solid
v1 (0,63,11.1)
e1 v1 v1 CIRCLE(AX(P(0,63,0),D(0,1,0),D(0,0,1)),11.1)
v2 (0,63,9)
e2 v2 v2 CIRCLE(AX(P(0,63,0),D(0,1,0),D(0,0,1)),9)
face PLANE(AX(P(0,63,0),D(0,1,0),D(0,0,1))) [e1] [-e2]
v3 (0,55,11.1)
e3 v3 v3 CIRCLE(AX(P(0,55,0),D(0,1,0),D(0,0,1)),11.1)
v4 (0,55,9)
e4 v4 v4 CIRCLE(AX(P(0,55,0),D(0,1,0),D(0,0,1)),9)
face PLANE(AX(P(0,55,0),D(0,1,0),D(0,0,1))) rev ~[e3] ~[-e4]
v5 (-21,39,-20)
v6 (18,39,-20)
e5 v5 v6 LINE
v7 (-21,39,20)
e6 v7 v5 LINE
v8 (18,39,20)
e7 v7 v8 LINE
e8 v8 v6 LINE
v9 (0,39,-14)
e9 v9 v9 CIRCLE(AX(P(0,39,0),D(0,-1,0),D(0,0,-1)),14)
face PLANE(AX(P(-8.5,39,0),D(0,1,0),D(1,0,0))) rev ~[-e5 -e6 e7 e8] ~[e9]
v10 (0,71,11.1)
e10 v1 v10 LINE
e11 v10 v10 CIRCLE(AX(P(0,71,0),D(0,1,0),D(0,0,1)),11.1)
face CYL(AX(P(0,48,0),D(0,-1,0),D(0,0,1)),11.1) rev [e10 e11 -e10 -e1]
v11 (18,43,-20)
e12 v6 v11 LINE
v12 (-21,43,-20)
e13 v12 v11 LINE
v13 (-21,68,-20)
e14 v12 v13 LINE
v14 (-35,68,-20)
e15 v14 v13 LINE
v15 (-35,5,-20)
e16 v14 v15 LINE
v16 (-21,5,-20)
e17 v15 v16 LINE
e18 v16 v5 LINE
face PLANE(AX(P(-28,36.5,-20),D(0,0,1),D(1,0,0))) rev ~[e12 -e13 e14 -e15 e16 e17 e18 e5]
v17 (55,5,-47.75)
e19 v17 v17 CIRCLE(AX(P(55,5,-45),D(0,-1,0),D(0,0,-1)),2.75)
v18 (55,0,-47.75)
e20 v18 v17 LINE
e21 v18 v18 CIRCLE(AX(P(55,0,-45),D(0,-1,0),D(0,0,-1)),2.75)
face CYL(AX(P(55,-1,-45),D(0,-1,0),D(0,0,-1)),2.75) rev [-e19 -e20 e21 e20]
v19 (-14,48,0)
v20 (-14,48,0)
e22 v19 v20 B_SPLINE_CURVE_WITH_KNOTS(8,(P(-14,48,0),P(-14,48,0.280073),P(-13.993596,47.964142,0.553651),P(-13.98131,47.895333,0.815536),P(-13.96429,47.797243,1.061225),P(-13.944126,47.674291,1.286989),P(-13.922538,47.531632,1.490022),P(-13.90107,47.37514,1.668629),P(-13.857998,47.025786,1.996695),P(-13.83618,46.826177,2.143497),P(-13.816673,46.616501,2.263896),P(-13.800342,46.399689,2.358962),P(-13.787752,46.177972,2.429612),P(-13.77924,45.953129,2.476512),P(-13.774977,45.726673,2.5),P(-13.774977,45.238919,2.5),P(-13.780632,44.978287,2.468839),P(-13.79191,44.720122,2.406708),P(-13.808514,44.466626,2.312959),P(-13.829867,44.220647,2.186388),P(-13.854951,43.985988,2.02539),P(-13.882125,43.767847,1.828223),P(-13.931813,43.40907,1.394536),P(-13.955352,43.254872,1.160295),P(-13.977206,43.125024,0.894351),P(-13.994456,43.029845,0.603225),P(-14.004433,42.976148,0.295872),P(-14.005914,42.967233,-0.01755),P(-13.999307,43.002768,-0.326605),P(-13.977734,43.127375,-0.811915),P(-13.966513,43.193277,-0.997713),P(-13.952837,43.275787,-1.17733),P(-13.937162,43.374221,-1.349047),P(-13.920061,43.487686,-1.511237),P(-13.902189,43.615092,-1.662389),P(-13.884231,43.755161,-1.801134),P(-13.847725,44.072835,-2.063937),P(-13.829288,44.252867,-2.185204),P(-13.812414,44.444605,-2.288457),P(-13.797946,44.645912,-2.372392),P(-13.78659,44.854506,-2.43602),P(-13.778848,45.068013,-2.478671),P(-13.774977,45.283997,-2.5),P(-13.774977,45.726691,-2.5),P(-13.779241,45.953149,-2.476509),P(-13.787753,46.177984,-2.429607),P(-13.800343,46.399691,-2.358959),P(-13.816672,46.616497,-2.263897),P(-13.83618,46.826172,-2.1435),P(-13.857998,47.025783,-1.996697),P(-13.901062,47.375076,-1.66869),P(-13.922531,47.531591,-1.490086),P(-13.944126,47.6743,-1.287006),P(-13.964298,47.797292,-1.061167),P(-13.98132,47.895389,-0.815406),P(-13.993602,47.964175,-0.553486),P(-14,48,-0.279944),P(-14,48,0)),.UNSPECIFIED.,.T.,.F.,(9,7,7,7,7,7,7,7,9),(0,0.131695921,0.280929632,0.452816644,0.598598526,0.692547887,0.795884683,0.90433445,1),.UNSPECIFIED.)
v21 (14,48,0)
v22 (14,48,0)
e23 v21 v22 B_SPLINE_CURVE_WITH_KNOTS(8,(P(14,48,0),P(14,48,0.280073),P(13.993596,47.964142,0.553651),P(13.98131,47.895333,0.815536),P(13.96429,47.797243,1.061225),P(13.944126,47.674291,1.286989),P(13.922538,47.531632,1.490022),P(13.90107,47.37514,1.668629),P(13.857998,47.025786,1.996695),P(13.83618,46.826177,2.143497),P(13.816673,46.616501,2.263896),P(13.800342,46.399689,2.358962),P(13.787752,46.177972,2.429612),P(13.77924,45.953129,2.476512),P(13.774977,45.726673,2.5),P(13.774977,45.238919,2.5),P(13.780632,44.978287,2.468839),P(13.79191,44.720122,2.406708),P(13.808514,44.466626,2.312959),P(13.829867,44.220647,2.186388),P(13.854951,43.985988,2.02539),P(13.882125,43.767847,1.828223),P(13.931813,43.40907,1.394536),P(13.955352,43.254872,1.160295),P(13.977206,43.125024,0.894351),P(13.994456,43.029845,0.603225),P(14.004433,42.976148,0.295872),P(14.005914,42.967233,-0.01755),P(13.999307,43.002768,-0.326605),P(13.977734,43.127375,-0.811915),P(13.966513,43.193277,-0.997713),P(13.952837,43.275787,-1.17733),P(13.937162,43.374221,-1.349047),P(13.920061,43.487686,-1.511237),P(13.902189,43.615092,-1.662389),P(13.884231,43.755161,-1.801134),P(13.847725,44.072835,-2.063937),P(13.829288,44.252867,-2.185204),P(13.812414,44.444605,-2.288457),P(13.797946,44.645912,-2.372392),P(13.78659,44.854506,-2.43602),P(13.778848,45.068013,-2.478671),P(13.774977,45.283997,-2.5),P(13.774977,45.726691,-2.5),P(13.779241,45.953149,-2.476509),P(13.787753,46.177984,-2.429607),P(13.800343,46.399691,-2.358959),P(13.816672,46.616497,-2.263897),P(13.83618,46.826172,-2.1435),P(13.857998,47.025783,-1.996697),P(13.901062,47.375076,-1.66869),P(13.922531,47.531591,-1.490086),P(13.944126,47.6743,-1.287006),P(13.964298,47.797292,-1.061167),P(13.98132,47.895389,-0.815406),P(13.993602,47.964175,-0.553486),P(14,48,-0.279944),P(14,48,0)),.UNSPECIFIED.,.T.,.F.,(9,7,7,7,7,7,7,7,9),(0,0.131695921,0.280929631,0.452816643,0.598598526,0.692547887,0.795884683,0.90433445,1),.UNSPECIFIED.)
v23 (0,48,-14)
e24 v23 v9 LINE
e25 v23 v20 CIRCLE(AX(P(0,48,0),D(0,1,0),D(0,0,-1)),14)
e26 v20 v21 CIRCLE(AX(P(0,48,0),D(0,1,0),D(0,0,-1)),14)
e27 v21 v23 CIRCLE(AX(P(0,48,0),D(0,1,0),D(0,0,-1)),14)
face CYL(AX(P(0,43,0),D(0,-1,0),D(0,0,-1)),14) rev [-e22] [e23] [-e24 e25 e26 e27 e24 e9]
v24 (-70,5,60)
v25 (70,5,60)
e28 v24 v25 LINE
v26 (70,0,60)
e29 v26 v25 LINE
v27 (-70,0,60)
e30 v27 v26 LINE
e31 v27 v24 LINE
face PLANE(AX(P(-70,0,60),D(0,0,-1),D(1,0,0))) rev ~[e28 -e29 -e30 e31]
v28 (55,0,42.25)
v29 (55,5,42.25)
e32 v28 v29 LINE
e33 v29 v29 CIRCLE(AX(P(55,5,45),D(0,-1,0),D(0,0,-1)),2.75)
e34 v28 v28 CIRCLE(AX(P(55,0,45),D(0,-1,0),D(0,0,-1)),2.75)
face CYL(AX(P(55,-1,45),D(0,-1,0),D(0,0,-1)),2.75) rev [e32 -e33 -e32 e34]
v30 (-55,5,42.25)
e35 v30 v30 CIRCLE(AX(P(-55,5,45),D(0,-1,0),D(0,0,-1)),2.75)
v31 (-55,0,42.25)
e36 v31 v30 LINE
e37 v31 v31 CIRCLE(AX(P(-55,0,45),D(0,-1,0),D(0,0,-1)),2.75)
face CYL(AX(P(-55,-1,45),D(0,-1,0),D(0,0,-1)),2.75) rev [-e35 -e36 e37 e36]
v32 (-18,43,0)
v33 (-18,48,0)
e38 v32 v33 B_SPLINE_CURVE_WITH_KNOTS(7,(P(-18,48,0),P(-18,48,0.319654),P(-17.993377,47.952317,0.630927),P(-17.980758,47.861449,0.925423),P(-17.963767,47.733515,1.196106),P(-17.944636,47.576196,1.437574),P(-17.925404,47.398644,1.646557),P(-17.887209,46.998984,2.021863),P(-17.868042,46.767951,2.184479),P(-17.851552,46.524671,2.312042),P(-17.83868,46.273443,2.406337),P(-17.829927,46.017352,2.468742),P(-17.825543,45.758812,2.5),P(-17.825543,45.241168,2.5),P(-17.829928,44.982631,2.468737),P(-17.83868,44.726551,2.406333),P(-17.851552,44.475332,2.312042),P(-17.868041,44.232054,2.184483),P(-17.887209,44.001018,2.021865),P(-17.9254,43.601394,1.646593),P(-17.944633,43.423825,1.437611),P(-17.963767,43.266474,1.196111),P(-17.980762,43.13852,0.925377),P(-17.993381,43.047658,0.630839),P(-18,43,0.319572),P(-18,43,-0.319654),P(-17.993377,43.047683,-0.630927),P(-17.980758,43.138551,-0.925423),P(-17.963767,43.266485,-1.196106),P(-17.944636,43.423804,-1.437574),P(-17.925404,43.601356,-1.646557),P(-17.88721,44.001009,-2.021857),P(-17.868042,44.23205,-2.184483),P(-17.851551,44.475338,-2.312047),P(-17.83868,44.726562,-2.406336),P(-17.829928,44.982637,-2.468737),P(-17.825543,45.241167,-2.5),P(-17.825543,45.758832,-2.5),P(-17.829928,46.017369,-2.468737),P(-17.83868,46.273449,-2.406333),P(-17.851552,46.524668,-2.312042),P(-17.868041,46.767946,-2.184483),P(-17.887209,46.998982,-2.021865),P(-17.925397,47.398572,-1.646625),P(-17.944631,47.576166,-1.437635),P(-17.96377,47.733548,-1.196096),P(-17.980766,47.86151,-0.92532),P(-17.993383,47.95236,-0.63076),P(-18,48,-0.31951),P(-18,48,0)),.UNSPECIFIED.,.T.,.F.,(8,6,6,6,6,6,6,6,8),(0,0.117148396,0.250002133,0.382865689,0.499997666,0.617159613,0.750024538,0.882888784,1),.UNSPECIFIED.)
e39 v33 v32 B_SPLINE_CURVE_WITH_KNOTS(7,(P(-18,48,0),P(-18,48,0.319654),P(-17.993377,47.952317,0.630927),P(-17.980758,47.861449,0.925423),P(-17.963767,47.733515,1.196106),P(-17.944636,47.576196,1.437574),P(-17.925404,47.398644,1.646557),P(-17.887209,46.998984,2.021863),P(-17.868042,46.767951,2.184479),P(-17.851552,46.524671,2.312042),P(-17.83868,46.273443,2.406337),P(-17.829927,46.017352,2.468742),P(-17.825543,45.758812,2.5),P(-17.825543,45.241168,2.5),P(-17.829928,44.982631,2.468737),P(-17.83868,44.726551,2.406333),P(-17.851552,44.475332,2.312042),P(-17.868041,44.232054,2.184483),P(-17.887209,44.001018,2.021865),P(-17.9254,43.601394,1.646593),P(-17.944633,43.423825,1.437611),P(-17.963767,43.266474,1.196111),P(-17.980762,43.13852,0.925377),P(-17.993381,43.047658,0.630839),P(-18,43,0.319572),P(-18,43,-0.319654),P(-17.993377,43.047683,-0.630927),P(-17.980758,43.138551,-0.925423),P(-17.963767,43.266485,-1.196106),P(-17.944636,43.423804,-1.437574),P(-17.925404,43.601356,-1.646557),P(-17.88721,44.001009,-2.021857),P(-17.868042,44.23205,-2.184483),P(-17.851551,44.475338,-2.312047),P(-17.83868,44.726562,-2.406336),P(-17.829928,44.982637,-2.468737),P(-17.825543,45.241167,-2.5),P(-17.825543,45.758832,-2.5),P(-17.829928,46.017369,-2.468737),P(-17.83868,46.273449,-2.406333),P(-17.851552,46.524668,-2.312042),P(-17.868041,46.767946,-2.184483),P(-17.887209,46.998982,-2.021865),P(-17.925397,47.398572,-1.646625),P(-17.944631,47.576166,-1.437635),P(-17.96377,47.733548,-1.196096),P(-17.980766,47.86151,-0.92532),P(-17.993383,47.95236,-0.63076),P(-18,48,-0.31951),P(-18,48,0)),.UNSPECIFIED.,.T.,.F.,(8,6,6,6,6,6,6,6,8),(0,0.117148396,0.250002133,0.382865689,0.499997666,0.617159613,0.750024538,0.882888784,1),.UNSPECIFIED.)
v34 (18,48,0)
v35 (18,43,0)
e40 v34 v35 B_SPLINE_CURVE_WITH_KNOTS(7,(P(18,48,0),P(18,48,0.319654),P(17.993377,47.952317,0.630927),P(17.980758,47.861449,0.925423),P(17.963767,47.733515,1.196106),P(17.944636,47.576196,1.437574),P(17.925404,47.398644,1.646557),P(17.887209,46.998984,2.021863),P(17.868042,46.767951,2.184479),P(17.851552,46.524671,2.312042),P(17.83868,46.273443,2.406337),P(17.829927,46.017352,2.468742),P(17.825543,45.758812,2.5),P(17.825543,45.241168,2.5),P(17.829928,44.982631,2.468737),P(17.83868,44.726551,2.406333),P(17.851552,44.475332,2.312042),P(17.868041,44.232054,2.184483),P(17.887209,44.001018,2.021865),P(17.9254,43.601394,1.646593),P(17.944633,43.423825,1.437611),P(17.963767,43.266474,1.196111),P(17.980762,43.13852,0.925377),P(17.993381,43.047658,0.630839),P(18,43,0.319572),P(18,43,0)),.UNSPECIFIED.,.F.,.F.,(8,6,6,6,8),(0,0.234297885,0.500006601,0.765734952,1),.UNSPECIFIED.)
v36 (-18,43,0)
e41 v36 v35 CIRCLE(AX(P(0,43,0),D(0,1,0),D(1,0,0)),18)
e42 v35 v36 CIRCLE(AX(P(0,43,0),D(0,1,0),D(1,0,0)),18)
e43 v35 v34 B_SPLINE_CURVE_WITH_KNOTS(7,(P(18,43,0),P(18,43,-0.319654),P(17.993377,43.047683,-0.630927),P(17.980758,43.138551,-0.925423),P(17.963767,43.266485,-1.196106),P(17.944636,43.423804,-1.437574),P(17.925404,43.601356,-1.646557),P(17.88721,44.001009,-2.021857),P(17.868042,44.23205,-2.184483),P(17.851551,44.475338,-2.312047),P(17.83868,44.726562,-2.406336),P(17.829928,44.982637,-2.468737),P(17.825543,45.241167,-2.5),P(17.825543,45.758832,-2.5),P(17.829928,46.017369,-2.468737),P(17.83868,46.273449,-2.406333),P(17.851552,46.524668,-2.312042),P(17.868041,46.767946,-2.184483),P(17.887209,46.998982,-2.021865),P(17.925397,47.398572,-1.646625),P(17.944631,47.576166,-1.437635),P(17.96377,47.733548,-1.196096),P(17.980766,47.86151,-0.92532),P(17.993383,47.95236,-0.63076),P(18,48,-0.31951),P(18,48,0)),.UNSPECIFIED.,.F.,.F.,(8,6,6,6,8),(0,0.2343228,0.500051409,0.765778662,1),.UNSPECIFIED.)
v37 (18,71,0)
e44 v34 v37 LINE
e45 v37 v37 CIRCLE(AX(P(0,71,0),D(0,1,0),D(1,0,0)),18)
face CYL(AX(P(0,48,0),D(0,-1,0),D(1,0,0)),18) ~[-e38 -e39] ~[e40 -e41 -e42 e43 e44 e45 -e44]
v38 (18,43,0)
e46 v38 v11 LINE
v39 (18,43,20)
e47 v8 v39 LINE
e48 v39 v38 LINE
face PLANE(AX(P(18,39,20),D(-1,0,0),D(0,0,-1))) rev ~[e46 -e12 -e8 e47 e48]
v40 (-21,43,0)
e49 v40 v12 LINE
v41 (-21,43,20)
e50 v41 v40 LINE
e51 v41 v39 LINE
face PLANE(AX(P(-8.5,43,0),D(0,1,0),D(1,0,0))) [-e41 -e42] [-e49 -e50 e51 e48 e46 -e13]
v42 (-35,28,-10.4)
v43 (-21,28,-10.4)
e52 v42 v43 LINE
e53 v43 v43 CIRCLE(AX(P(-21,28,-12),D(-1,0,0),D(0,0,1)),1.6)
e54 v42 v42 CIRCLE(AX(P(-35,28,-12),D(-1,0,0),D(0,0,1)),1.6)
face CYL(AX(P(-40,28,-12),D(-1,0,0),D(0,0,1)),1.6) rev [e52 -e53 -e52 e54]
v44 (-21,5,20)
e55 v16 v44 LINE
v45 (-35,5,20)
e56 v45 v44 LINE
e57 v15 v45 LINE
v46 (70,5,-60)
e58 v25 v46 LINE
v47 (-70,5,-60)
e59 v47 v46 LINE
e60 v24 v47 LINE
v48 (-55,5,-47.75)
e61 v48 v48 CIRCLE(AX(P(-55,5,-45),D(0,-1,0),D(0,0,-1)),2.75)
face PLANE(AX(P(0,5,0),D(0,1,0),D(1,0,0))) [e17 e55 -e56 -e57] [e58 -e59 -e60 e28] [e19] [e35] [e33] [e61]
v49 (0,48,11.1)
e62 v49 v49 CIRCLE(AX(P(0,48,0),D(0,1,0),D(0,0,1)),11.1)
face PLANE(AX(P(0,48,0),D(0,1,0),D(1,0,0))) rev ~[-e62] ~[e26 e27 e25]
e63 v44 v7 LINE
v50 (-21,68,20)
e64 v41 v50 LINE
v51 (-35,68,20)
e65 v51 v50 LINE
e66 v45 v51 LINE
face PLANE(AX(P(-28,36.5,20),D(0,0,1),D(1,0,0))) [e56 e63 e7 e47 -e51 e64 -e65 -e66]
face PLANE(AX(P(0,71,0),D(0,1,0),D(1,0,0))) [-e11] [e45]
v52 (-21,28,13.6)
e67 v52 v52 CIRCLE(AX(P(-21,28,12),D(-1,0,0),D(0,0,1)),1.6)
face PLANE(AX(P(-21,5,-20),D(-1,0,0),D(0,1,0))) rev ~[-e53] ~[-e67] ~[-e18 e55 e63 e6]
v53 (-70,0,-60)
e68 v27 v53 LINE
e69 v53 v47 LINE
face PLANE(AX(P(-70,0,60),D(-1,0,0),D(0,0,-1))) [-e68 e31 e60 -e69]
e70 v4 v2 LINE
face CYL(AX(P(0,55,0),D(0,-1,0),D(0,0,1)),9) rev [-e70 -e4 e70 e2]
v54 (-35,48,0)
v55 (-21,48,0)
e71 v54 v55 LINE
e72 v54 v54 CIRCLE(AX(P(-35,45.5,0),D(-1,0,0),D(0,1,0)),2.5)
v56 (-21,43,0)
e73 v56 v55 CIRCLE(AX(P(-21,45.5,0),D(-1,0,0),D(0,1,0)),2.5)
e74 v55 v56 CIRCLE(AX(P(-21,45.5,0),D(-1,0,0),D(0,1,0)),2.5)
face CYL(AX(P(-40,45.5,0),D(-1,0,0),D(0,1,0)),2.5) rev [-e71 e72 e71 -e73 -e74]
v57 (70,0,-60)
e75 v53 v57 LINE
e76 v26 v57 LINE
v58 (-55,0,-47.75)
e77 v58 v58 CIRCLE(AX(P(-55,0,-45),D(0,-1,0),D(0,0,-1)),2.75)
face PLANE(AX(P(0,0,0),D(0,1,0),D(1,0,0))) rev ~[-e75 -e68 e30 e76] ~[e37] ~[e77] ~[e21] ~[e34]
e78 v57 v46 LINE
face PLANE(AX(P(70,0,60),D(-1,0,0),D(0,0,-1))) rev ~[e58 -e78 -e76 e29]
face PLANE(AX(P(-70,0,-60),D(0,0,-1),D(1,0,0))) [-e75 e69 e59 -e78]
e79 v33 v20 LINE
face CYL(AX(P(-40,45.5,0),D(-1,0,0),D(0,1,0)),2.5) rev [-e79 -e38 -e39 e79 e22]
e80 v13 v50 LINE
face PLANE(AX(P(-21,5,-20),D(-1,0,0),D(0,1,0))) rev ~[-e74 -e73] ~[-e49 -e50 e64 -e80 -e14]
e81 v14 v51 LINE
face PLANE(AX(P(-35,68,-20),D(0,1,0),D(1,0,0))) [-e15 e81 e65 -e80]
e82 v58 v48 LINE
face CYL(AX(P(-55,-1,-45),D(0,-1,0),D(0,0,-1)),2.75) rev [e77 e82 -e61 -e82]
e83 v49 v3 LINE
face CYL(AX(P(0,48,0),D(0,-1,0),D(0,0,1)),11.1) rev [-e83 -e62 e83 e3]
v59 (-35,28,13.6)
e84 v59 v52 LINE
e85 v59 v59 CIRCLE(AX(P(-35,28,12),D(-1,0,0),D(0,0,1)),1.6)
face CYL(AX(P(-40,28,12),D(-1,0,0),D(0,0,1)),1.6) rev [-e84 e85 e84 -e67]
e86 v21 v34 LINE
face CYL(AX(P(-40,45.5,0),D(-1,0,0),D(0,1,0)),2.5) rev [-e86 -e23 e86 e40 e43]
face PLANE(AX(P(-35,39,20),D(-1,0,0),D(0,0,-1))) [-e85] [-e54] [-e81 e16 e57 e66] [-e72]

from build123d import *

# Parameters (mm, degrees)
BENCH_FOOTPRINT_140X120_PROFILE_W       = 140
BENCH_FOOTPRINT_140X120_PROFILE_H       = 120
BENCH_FOOTPRINT_140X120_DEPTH           = 5
BACKBONE_START                          = -20
BACKBONE_PROFILE_W                      = 14
BACKBONE_PROFILE_H                      = 63
BACKBONE_DEPTH                          = 40
REMOVABLE_SERVO_MOUNT_M3_START          = -40
REMOVABLE_SERVO_MOUNT_M3_PROFILE_R      = 1.6
REMOVABLE_SERVO_MOUNT_M3_DEPTH          = 155.560027933
BEARING_BRIDGE_START                    = 39
BEARING_BRIDGE_PROFILE_W                = 53
BEARING_BRIDGE_PROFILE_H                = 40
BEARING_BRIDGE_DEPTH                    = 4
BRIDGE_HORN_CLEARANCE_START             = 38
BRIDGE_HORN_CLEARANCE_PROFILE_R         = 14
BRIDGE_HORN_CLEARANCE_DEPTH             = 77.560027933
DRIVE_COLLAR_CHAMBER_START              = 43
DRIVE_COLLAR_CHAMBER_PROFILE_R          = 18
DRIVE_COLLAR_CHAMBER_PROFILE_R_2        = 14
DRIVE_COLLAR_CHAMBER_DEPTH              = 5
BEARING_TOWER_START                     = 48
BEARING_TOWER_PROFILE_R                 = 18
BEARING_TOWER_PROFILE_R_2               = 11.1
BEARING_TOWER_DEPTH                     = 23
BEARING_SEPARATION_SHOULDER_START       = 55
BEARING_SEPARATION_SHOULDER_PROFILE_R   = 11.1
BEARING_SEPARATION_SHOULDER_PROFILE_R_2 = 9
BEARING_SEPARATION_SHOULDER_DEPTH       = 8
BENCH_CLAMP_HOLES_START                 = -1
BENCH_CLAMP_HOLES_PROFILE_R             = 2.75
BENCH_CLAMP_HOLES_DEPTH                 = 118.365802537
YAW_CROSSBOLT_ACCESS_START              = -40
YAW_CROSSBOLT_ACCESS_PROFILE_R          = 2.5
YAW_CROSSBOLT_ACCESS_DEPTH              = 157.365802537


with BuildPart() as part:
    # Bench_footprint_140x120_profile → Bench_footprint_140x120 (new body)
    with BuildSketch(Plane(origin=(0, 0, 0), x_dir=(1, 0, 0), z_dir=(0, 1, 0))):
        Rectangle(BENCH_FOOTPRINT_140X120_PROFILE_W, BENCH_FOOTPRINT_140X120_PROFILE_H)
    extrude(amount=BENCH_FOOTPRINT_140X120_DEPTH)

    # Backbone_profile → Backbone (add)
    with BuildSketch(Plane.XY.offset(BACKBONE_START)):
        with Locations((-28, 36.5)):
            Rectangle(BACKBONE_PROFILE_W, BACKBONE_PROFILE_H)
    extrude(amount=BACKBONE_DEPTH)

    # Removable_servo_mount_M3_profile → Removable_servo_mount_M3 (cut, through all)
    with BuildSketch(Plane(origin=(0, 0, 0), x_dir=(0, 0, -1), z_dir=(1, 0, 0)).offset(REMOVABLE_SERVO_MOUNT_M3_START)):
        with Locations(Location((12, 28, 0), (0, 0, 180))):
            Circle(REMOVABLE_SERVO_MOUNT_M3_PROFILE_R)
        with Locations(Location((-12, 28, 0), (0, 0, 180))):
            Circle(REMOVABLE_SERVO_MOUNT_M3_PROFILE_R)
    extrude(amount=REMOVABLE_SERVO_MOUNT_M3_DEPTH, mode=Mode.SUBTRACT)

    # Bearing_bridge_profile → Bearing_bridge (add)
    with BuildSketch(Plane(origin=(0, 0, 0), x_dir=(1, 0, 0), z_dir=(0, 1, 0)).offset(BEARING_BRIDGE_START)):
        with Locations((-8.5, 0)):
            Rectangle(BEARING_BRIDGE_PROFILE_W, BEARING_BRIDGE_PROFILE_H)
    extrude(amount=BEARING_BRIDGE_DEPTH)

    # Bridge_horn_clearance_profile → Bridge_horn_clearance (cut, through all)
    with BuildSketch(Plane(origin=(0, 0, 0), x_dir=(1, 0, 0), z_dir=(0, 1, 0)).offset(BRIDGE_HORN_CLEARANCE_START)):
        with Locations(Location((0, 0, 0), (0, 0, 90))):
            Circle(BRIDGE_HORN_CLEARANCE_PROFILE_R)
    extrude(amount=BRIDGE_HORN_CLEARANCE_DEPTH, mode=Mode.SUBTRACT)

    # Drive_collar_chamber_profile → Drive_collar_chamber (add)
    with BuildSketch(Plane(origin=(0, 0, 0), x_dir=(1, 0, 0), z_dir=(0, 1, 0)).offset(DRIVE_COLLAR_CHAMBER_START)):
        Circle(DRIVE_COLLAR_CHAMBER_PROFILE_R)
        with Locations(Location((0, 0, 0), (0, 0, 90))):
            Circle(DRIVE_COLLAR_CHAMBER_PROFILE_R_2, mode=Mode.SUBTRACT)
    extrude(amount=DRIVE_COLLAR_CHAMBER_DEPTH)

    # Bearing_tower_profile → Bearing_tower (add)
    with BuildSketch(Plane(origin=(0, 0, 0), x_dir=(1, 0, 0), z_dir=(0, 1, 0)).offset(BEARING_TOWER_START)):
        Circle(BEARING_TOWER_PROFILE_R)
        with Locations(Location((0, 0, 0), (0, 0, 270))):
            Circle(BEARING_TOWER_PROFILE_R_2, mode=Mode.SUBTRACT)
    extrude(amount=BEARING_TOWER_DEPTH)

    # Bearing_separation_shoulder_profile → Bearing_separation_shoulder (add)
    with BuildSketch(Plane(origin=(0, 0, 0), x_dir=(1, 0, 0), z_dir=(0, 1, 0)).offset(BEARING_SEPARATION_SHOULDER_START)):
        with Locations(Location((0, 0, 0), (0, 0, 270))):
            Circle(BEARING_SEPARATION_SHOULDER_PROFILE_R)
        with Locations(Location((0, 0, 0), (0, 0, 270))):
            Circle(BEARING_SEPARATION_SHOULDER_PROFILE_R_2, mode=Mode.SUBTRACT)
    extrude(amount=BEARING_SEPARATION_SHOULDER_DEPTH)

    # Bench_clamp_holes_profile → Bench_clamp_holes (cut, through all)
    with BuildSketch(Plane(origin=(0, 0, 0), x_dir=(1, 0, 0), z_dir=(0, 1, 0)).offset(BENCH_CLAMP_HOLES_START)):
        with Locations(Location((-55, -45, 0), (0, 0, 90))):
            Circle(BENCH_CLAMP_HOLES_PROFILE_R)
        with Locations(Location((55, -45, 0), (0, 0, 90))):
            Circle(BENCH_CLAMP_HOLES_PROFILE_R)
        with Locations(Location((-55, 45, 0), (0, 0, 90))):
            Circle(BENCH_CLAMP_HOLES_PROFILE_R)
        with Locations(Location((55, 45, 0), (0, 0, 90))):
            Circle(BENCH_CLAMP_HOLES_PROFILE_R)
    extrude(amount=BENCH_CLAMP_HOLES_DEPTH, mode=Mode.SUBTRACT)

    # Yaw_crossbolt_access_profile → Yaw_crossbolt_access (cut, through all)
    with BuildSketch(Plane(origin=(0, 0, 0), x_dir=(0, 0, -1), z_dir=(1, 0, 0)).offset(YAW_CROSSBOLT_ACCESS_START)):
        with Locations(Location((0, 45.5, 0), (0, 0, 90))):
            Circle(YAW_CROSSBOLT_ACCESS_PROFILE_R)
    extrude(amount=YAW_CROSSBOLT_ACCESS_DEPTH, mode=Mode.SUBTRACT)


solid = part.part
